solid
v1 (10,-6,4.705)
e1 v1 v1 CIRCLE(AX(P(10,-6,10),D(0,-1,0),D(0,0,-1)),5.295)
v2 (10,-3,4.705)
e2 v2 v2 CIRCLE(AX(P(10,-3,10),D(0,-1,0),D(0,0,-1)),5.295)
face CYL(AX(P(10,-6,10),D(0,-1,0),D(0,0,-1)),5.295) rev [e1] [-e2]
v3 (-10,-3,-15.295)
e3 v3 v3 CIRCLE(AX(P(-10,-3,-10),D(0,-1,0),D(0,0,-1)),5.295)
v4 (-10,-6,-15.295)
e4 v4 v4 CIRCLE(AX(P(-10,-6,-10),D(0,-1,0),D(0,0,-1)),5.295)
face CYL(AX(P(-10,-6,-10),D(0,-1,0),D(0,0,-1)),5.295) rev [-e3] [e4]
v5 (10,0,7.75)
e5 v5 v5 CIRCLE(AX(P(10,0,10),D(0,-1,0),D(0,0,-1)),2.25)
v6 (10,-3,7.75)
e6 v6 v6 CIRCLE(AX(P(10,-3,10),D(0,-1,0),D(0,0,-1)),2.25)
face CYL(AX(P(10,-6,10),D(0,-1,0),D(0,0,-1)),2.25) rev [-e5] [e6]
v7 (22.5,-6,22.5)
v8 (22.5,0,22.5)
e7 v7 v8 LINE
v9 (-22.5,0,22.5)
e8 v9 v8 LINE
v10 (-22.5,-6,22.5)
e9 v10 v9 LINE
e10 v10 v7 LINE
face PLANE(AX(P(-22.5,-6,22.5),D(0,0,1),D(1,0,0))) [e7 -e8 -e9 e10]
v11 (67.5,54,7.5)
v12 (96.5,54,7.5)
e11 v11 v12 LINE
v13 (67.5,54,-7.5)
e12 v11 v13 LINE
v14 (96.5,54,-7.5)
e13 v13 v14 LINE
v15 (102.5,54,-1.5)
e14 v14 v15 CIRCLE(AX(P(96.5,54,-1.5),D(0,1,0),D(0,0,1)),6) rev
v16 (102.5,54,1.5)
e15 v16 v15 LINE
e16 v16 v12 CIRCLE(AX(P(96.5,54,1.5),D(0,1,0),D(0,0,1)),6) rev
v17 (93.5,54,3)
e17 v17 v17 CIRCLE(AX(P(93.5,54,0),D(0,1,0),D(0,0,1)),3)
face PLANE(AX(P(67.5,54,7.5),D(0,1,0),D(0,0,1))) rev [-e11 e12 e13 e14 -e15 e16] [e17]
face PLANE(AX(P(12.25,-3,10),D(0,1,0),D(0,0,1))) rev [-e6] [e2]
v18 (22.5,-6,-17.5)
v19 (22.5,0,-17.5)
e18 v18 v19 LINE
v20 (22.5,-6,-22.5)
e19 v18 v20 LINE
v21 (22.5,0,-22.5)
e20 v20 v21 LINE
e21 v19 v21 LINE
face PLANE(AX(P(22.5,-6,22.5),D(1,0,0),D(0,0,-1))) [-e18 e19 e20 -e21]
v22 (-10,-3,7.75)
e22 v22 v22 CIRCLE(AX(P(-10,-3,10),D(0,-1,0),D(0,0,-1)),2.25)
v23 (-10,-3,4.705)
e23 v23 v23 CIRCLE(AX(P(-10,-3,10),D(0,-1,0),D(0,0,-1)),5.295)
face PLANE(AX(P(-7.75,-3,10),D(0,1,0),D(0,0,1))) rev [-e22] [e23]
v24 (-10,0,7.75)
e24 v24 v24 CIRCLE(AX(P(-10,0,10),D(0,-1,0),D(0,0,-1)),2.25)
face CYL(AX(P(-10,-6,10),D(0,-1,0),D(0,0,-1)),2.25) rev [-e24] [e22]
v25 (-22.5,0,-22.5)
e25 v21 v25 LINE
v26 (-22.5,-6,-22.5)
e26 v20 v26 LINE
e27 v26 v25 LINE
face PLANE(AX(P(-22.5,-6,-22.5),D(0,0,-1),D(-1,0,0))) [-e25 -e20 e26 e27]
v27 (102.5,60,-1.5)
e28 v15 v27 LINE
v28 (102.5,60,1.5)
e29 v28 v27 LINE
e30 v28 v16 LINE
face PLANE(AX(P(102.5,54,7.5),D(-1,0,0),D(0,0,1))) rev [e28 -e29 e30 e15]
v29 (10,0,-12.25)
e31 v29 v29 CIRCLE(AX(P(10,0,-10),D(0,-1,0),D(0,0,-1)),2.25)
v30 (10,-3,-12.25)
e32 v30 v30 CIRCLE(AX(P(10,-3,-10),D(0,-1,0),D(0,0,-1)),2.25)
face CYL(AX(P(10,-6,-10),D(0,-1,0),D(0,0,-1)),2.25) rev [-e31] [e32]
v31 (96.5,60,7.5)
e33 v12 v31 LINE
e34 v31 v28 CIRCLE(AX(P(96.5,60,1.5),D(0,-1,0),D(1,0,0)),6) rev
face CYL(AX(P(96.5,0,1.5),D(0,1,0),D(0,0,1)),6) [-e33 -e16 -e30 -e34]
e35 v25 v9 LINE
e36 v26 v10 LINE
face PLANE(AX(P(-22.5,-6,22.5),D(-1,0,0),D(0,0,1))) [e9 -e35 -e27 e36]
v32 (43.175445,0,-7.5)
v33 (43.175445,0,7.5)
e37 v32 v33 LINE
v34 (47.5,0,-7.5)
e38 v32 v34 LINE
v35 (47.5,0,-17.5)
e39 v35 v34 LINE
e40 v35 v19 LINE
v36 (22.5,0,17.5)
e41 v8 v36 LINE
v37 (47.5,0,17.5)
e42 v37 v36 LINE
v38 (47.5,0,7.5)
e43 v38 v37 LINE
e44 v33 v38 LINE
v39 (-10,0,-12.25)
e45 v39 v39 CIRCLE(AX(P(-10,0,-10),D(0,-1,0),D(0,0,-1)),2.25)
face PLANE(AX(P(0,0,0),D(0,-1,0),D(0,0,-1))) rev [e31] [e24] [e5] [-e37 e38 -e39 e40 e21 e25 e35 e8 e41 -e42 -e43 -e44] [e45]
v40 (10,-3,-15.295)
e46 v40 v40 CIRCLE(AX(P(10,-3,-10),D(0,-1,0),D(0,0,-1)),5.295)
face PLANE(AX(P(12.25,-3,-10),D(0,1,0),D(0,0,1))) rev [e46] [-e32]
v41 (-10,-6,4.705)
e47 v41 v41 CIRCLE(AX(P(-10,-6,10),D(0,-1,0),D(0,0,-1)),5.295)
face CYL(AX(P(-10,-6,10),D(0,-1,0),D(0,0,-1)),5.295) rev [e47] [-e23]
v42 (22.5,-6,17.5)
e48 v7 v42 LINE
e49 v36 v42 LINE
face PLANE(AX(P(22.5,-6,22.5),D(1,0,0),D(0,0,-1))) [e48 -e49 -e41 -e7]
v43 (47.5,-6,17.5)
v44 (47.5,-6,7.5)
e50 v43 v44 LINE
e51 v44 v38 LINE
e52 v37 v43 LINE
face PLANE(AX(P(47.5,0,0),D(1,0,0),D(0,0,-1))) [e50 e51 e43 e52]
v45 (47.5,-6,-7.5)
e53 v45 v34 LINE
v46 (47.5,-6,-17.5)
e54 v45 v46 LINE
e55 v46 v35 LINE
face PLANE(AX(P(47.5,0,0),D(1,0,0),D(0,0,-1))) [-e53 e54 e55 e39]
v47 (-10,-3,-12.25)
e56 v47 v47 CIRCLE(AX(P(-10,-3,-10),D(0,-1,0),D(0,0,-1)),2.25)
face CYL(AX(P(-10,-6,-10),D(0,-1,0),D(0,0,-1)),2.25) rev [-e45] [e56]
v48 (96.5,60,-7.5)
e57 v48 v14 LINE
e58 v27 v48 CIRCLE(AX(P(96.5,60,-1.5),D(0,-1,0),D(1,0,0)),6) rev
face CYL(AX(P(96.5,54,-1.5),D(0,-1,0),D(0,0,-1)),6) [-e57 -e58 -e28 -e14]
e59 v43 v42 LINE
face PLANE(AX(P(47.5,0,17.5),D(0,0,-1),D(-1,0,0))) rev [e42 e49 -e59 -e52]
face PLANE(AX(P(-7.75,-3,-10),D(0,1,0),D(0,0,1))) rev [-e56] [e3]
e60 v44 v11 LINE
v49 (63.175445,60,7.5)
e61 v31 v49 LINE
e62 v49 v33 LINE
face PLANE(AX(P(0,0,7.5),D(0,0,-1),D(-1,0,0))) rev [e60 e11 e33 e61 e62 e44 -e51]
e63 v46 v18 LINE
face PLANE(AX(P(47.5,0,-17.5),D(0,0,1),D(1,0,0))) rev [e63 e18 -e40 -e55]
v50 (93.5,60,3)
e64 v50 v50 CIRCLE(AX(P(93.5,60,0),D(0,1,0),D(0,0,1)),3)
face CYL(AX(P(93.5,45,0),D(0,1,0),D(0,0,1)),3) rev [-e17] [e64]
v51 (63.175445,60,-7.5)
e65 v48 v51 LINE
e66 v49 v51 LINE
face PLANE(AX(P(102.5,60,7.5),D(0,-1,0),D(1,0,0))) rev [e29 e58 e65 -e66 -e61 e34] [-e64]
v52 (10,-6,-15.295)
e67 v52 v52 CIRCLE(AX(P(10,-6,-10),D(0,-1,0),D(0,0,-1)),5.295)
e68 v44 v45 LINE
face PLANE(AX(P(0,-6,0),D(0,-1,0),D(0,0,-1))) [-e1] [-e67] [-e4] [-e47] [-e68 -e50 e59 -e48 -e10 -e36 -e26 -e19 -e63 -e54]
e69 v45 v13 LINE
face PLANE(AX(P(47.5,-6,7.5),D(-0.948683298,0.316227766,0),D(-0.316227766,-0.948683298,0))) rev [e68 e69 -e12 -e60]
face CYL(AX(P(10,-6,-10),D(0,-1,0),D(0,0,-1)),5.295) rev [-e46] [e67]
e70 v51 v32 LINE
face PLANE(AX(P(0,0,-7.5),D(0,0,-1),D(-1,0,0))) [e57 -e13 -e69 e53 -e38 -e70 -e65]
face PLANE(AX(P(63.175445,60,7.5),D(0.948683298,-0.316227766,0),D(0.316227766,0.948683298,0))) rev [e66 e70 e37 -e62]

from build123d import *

# Parameters (mm, degrees)
SKETCH1_W                                        = 45
SKETCH1_H                                        = 45
BASE_DEPTH                                       = 6
CBORE_FOR_M4_HEX_HEAD_MACHINE_SCREW1_D           = 4.5
CBORE_FOR_M4_HEX_HEAD_MACHINE_SCREW1_CBORE_D     = 10.59
CBORE_FOR_M4_HEX_HEAD_MACHINE_SCREW1_CBORE_DEPTH = 3
SKETCH4_W                                        = 35
SKETCH4_H                                        = 6
STANDING_PLATFORM_DEPTH                          = 25
FRONT_ARM_DEPTH                                  = 7.5
SKETCH6_R                                        = 3
STEERING_HOLE_DEPTH                              = 15
FILLET1_R                                        = 6


with BuildPart() as part:
    # Sketch1 → BASE (new body)
    with BuildSketch(Plane(origin=(0, 0, 0), x_dir=(1, 0, 0), z_dir=(0, 1, 0))):
        Rectangle(SKETCH1_W, SKETCH1_H)
    extrude(amount=-BASE_DEPTH)

    # CBORE for M4 Hex Head Machine Screw1 (through all)
    with Locations(Plane(origin=(0, -6, 0), x_dir=(-1, 0, 0), z_dir=(0, -1, 0))):
        with Locations((10, -10), (-10, -10), (-10, 10), (10, 10)):
            CounterBoreHole(CBORE_FOR_M4_HEX_HEAD_MACHINE_SCREW1_D / 2, CBORE_FOR_M4_HEX_HEAD_MACHINE_SCREW1_CBORE_D / 2, CBORE_FOR_M4_HEX_HEAD_MACHINE_SCREW1_CBORE_DEPTH)

    # Sketch4 → Standing Platform (add)
    with BuildSketch(Plane(origin=(22.5, 0, 0), x_dir=(0, 0, -1), z_dir=(1, 0, 0))):
        with Locations((0, -3)):
            Rectangle(SKETCH4_W, SKETCH4_H)
    extrude(amount=STANDING_PLATFORM_DEPTH)

    # Sketch5 → Front Arm (add, symmetric)
    with BuildSketch(Plane.XY):
        Polygon((47.5, -6), (67.5, 54), (102.5, 54), (102.5, 60), (63.17544468, 60), (41.17544468, -6), align=None)
    extrude(amount=FRONT_ARM_DEPTH, both=True)

    # Sketch6 → Steering Hole (cut)
    with BuildSketch(Plane(origin=(0, 60, 0), x_dir=(1, 0, 0), z_dir=(0, 1, 0))):
        with Locations(Location((93.5, 0, 0), (0, 0, 270))):
            Circle(SKETCH6_R)
    extrude(amount=-STEERING_HOLE_DEPTH, mode=Mode.SUBTRACT)

    # Fillet1
    fillet1_edges = [part.edges().sort_by_distance(p)[0] for p in [
        (102.5, 57, 7.5),
        (102.5, 57, -7.5),
    ]]
    fillet(fillet1_edges, radius=FILLET1_R)


solid = part.part
